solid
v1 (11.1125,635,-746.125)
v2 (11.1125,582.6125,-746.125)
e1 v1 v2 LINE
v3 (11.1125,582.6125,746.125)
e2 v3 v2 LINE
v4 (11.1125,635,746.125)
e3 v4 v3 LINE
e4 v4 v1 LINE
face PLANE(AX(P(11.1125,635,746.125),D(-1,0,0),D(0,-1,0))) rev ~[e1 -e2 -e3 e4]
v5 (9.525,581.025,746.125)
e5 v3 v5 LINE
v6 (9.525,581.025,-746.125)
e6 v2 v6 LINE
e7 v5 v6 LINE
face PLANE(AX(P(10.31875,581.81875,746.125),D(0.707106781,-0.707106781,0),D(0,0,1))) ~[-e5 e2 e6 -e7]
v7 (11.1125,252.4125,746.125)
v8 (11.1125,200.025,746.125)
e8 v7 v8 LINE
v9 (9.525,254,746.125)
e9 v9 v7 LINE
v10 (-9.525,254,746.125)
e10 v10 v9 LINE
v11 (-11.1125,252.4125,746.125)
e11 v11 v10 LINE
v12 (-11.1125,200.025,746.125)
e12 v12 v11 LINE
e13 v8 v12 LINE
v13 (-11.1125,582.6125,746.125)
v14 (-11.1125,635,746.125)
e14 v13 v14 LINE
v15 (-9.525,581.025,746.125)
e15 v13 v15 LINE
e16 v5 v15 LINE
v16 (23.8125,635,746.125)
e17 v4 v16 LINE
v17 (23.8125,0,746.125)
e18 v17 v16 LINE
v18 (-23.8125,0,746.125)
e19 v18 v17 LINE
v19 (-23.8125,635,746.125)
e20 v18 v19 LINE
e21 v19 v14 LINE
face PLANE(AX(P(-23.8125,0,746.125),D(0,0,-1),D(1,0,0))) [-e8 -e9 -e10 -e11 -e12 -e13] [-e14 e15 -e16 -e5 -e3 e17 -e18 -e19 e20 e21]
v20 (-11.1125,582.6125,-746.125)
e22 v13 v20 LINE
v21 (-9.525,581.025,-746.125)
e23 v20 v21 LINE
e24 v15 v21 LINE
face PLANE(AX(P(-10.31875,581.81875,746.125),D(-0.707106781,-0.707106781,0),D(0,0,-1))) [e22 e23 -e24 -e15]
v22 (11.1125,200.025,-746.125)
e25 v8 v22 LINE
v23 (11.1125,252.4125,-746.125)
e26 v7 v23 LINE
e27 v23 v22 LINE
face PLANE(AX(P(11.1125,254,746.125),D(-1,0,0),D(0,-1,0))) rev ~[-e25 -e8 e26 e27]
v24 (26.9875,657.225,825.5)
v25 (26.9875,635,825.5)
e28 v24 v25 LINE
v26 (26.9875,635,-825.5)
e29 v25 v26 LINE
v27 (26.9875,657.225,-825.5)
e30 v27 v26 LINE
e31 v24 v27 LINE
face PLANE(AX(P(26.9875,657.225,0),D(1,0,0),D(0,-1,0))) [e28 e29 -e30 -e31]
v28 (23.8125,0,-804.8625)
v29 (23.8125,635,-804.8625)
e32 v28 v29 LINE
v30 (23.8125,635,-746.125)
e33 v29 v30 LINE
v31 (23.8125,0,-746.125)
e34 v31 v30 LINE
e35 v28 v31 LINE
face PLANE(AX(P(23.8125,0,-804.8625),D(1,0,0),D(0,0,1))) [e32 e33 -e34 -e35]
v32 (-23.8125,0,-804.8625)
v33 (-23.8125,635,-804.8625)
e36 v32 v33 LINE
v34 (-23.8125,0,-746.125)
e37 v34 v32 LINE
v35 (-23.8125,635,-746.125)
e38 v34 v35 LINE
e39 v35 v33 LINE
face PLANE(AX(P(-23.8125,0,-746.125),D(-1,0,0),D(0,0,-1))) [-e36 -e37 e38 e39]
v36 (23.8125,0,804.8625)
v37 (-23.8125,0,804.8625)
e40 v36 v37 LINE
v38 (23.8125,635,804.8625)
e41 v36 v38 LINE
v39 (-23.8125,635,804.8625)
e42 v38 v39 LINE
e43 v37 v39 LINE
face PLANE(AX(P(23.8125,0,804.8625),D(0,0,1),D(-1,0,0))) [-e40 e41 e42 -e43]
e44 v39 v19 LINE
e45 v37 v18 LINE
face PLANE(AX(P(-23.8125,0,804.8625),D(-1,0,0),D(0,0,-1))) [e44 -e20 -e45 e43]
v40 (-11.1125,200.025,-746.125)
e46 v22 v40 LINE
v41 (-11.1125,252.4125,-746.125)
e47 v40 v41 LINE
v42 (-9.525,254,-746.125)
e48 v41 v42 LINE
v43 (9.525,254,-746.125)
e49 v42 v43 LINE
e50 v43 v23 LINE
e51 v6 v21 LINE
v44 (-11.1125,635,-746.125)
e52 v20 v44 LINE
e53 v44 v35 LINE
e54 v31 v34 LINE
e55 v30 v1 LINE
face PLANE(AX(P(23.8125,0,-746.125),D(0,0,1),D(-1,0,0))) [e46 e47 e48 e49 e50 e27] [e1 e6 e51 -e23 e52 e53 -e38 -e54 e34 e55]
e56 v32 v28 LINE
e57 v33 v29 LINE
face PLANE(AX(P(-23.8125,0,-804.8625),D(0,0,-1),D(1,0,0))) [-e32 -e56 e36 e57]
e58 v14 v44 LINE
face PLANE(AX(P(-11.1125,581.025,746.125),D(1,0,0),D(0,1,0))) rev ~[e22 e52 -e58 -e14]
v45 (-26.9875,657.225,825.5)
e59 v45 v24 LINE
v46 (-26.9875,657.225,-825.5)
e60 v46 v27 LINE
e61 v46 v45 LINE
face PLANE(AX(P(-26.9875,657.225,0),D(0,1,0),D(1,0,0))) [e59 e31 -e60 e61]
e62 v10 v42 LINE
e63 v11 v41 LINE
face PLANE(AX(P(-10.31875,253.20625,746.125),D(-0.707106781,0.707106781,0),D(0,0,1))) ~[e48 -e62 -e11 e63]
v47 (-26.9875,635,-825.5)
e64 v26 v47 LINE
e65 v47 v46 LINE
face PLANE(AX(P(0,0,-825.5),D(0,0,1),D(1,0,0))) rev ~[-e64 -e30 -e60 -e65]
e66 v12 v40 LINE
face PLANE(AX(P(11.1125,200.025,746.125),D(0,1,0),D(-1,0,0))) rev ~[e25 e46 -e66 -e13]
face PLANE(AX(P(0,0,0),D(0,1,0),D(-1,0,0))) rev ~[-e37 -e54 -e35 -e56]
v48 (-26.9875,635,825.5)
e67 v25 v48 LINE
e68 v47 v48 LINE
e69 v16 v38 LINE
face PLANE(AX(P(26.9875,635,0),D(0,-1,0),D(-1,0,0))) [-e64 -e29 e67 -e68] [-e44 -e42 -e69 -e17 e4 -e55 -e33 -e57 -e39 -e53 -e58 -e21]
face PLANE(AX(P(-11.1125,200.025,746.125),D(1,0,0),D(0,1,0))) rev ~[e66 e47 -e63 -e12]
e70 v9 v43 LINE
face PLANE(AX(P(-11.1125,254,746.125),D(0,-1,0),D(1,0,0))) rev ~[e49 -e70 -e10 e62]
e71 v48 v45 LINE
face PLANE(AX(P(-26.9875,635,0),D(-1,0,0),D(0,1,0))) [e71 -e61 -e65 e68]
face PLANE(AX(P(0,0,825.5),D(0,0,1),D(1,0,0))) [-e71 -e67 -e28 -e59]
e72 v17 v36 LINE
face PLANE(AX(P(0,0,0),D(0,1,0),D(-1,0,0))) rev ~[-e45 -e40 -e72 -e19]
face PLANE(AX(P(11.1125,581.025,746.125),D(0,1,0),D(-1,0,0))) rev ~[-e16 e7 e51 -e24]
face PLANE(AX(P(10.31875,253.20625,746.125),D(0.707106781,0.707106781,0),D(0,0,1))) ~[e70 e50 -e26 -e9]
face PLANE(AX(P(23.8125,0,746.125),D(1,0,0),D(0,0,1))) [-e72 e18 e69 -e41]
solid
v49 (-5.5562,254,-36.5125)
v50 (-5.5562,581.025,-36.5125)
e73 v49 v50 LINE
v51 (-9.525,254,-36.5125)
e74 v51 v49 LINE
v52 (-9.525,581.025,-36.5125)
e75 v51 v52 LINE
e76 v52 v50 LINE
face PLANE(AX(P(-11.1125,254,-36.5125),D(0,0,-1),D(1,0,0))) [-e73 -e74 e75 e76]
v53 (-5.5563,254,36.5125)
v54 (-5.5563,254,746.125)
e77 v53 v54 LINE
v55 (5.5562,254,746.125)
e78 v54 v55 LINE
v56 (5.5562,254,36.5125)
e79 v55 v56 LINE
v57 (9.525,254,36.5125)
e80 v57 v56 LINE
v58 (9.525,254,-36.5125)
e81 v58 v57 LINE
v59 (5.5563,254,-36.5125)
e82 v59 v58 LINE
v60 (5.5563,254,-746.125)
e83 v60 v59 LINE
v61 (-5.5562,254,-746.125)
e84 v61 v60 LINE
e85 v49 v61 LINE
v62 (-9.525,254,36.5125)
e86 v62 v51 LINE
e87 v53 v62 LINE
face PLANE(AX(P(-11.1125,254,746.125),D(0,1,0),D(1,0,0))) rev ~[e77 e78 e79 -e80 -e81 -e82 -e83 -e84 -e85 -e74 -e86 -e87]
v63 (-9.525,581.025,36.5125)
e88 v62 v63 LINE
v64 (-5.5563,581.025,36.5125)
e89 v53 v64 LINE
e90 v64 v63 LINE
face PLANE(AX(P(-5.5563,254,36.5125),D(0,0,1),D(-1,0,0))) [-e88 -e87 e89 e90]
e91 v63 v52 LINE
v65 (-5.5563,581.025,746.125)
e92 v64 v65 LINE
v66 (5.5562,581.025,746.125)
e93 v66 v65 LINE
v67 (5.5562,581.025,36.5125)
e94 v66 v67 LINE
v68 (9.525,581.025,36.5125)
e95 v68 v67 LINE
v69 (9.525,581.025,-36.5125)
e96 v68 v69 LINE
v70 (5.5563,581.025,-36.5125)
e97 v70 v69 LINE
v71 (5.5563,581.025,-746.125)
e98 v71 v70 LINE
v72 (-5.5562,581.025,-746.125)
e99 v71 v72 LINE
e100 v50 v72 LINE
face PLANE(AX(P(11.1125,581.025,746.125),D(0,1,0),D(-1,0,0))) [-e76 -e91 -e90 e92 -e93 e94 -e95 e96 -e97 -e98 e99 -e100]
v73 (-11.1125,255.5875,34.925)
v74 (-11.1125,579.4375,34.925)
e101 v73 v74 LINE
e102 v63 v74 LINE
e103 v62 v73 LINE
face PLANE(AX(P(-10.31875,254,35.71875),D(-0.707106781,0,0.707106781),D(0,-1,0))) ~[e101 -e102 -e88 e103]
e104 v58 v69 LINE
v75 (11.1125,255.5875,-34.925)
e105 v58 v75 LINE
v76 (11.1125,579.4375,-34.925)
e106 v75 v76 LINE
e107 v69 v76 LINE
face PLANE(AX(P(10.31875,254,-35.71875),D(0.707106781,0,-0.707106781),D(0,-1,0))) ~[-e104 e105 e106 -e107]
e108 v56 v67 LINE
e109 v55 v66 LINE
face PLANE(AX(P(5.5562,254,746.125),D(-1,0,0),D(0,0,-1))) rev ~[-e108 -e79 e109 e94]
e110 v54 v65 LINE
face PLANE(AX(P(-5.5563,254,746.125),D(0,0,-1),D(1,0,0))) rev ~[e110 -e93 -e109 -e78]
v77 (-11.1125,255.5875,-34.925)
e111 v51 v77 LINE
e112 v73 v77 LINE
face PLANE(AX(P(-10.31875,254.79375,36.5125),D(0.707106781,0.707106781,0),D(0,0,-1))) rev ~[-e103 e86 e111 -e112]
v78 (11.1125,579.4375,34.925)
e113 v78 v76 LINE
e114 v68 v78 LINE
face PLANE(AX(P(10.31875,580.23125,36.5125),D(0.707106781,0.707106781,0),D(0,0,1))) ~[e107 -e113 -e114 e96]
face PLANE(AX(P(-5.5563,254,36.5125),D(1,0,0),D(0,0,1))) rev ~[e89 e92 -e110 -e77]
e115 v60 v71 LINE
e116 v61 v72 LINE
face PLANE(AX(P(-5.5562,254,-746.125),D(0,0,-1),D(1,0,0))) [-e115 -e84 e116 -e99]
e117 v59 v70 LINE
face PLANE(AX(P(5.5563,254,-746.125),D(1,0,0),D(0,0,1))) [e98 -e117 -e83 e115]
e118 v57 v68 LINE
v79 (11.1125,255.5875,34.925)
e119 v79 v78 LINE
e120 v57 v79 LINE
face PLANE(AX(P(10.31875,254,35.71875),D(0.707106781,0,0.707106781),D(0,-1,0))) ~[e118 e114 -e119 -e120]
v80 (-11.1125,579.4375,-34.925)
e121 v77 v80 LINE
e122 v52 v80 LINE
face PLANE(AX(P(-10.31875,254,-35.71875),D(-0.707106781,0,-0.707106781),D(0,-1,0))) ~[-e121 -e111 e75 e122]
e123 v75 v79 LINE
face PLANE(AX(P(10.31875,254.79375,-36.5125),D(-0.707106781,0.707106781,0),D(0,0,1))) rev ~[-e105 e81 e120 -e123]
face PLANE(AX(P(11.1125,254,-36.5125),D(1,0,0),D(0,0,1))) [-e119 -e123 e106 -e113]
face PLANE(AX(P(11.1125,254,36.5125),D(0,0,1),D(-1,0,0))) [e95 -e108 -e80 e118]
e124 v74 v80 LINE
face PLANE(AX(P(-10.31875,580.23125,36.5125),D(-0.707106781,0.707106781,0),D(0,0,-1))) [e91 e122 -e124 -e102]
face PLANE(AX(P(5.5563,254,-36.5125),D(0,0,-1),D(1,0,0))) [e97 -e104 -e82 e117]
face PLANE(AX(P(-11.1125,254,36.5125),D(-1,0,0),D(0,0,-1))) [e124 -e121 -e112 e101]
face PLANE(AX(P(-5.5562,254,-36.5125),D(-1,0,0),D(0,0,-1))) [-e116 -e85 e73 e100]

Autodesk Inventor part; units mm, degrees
ref_plane "YZ Plane" through (0, 0, 0) normal (1, 0, 0) x (0, 1, 0)
ref_plane "XZ Plane" through (0, 0, 0) normal (0, 1, 0) x (-1, 0, 0)
ref_plane "XY Plane" through (0, 0, 0) normal (0, 0, 1) x (1, 0, 0)
sketch "Sketch1" plane through (0, 0, 0) normal (0, 1, 0) x (-1, 0, 0)
  line L0 (-23.8125, 804.8625) -> (23.8125, 804.8625)
  line L1 (23.8125, 804.8625) -> (23.8125, 746.125)
  line L2 (23.8125, 746.125) -> (-23.8125, 746.125)
  line L3 (-23.8125, 746.125) -> (-23.8125, 804.8625)
  line L4 (-23.8125, 804.8625) -> (23.8125, 746.125) construction
  line L5 (23.8125, 804.8625) -> (-23.8125, 746.125) construction
  line L6 (-23.8125, -746.125) -> (23.8125, -746.125)
  line L7 (23.8125, -746.125) -> (23.8125, -804.8625)
  line L8 (23.8125, -804.8625) -> (-23.8125, -804.8625)
  line L9 (-23.8125, -804.8625) -> (-23.8125, -746.125)
  line L10 (-23.8125, -746.125) -> (23.8125, -804.8625) construction
  line L11 (23.8125, -746.125) -> (-23.8125, -804.8625) construction
  line L12 (0, 746.125) -> (0, 0) construction
  line L13 (0, 0) -> (0, -746.125) construction
  point P0 (0, 775.4938)
  point P1 (0, -775.4938)
  point P2 (0, 775.4938)
  point P3 (0, -775.4938)
  dimension "d0" = 47.625
  dimension "d1" = 58.7375
  dimension "d2" = 1609.725
extrude "Extrusion1" add sketch "Sketch1" along normal blind 635
sketch "Sketch2" plane through (0, 0, 0) normal (0, 0, 1) x (1, 0, 0)
  line L0 (-26.9875, 657.225) -> (26.9875, 657.225)
  line L1 (26.9875, 657.225) -> (26.9875, 635)
  line L2 (26.9875, 635) -> (-26.9875, 635)
  line L3 (-26.9875, 635) -> (-26.9875, 657.225)
  line L4 (-26.9875, 657.225) -> (26.9875, 635) construction
  line L5 (26.9875, 657.225) -> (-26.9875, 635) construction
  line L6 (23.8125, 0) -> (-23.8125, 0) projected
  point P0 (0, 0)
  point P1 (0, 646.1125)
  point P2 (-23.8125, 635)
  point P3 (0, 646.1125)
  point P4 (0, 0)
  dimension "d5" = 53.975
  dimension "d6" = 22.225
extrude "Extrusion2" add sketch "Sketch2" along normal mid plane 1651
sketch "Sketch3" plane through (0, 0, 0) normal (0, 0, 1) x (1, 0, 0)
  line L0 (23.8125, 635) -> (-23.8125, 635) projected
  line L1 (11.1125, 581.025) -> (-11.1125, 581.025)
  line L2 (-11.1125, 581.025) -> (-11.1125, 635)
  line L3 (-11.1125, 635) -> (11.1125, 635)
  line L4 (11.1125, 635) -> (11.1125, 581.025)
  line L5 (11.1125, 581.025) -> (-11.1125, 635) construction
  line L6 (-11.1125, 581.025) -> (11.1125, 635) construction
  line L7 (11.1125, 200.025) -> (-11.1125, 200.025)
  line L8 (-11.1125, 200.025) -> (-11.1125, 254)
  line L9 (-11.1125, 254) -> (11.1125, 254)
  line L10 (11.1125, 254) -> (11.1125, 200.025)
  line L11 (11.1125, 200.025) -> (-11.1125, 254) construction
  line L12 (-11.1125, 200.025) -> (11.1125, 254) construction
  point P0 (0, 0)
  point P1 (0, 608.0125)
  point P2 (0, 608.0125)
  point P3 (0, 635)
  point P4 (0, 227.0125)
  point P5 (0, 227.0125)
  dimension "d9" = 53.975
  dimension "d10" = 22.225
  dimension "d11" = 200.025
extrude "Extrusion3" add sketch "Sketch3" against normal up to surface (1492.25 mm away) from surface at 746.125
sketch "Sketch4" plane through (-11.1125, 254, 746.125) normal (0, 1, 0) x (1, 0, 0)
  line L0 (22.225, 709.6125) -> (0, 709.6125)
  line L1 (0, 709.6125) -> (0, 782.6375)
  line L2 (0, 782.6375) -> (22.225, 782.6375)
  line L3 (22.225, 782.6375) -> (22.225, 709.6125)
  line L4 (22.225, 709.6125) -> (0, 782.6375) construction
  line L5 (0, 709.6125) -> (22.225, 782.6375) construction
  line L6 (5.5562, 0) -> (16.6687, 0)
  line L7 (16.6687, 0) -> (16.6687, 709.6125)
  line L8 (16.6687, 709.6125) -> (5.5562, 709.6125)
  line L9 (5.5562, 709.6125) -> (5.5562, 0)
  line L10 (5.5562, 0) -> (16.6687, 709.6125) construction
  line L11 (16.6687, 0) -> (5.5562, 709.6125) construction
  line L12 (-12.7, 0) -> (34.925, 0) projected
  line L13 (0, 0) -> (0, 1492.25) projected
  line L14 (5.5563, 1492.25) -> (16.6688, 1492.25)
  line L15 (16.6688, 1492.25) -> (16.6688, 782.6375)
  line L16 (16.6688, 782.6375) -> (5.5563, 782.6375)
  line L17 (5.5563, 782.6375) -> (5.5563, 1492.25)
  line L18 (5.5563, 1492.25) -> (16.6688, 782.6375) construction
  line L19 (16.6688, 1492.25) -> (5.5563, 782.6375) construction
  point P0 (11.1125, 746.125)
  point P1 (11.1125, 354.8063)
  point P2 (0, 746.125)
  point P3 (11.1125, 746.125)
  point P4 (11.1125, 1137.4438)
  point P5 (11.1125, 354.8063)
  point P6 (11.1125, 746.125)
  point P7 (11.1125, 1137.4438)
  dimension "d14" = 11.1125
  dimension "d15" = 22.225
  dimension "d16" = 73.025
extrude "Extrusion4" add sketch "Sketch4" along normal up to next separate body contours L0 L1 L2 L3 | L7 L6 L9 L0 | L2 L17 L14 L15
chamfer "Chamfer1" distance 1.5875 angle 45 8 edges at (11.1125, 581.025, 0) (11.1125, 254, 0) (-11.1125, 581.025, 0) (-11.1125, 254, 0) (11.1125, 417.5125, 36.5125) (11.1125, 417.5125, -36.5125) (-11.1125, 417.5125, -36.5125) (-11.1125, 417.5125, 36.5125)
properties part number "Footer" material "Wood (Cherry)"
